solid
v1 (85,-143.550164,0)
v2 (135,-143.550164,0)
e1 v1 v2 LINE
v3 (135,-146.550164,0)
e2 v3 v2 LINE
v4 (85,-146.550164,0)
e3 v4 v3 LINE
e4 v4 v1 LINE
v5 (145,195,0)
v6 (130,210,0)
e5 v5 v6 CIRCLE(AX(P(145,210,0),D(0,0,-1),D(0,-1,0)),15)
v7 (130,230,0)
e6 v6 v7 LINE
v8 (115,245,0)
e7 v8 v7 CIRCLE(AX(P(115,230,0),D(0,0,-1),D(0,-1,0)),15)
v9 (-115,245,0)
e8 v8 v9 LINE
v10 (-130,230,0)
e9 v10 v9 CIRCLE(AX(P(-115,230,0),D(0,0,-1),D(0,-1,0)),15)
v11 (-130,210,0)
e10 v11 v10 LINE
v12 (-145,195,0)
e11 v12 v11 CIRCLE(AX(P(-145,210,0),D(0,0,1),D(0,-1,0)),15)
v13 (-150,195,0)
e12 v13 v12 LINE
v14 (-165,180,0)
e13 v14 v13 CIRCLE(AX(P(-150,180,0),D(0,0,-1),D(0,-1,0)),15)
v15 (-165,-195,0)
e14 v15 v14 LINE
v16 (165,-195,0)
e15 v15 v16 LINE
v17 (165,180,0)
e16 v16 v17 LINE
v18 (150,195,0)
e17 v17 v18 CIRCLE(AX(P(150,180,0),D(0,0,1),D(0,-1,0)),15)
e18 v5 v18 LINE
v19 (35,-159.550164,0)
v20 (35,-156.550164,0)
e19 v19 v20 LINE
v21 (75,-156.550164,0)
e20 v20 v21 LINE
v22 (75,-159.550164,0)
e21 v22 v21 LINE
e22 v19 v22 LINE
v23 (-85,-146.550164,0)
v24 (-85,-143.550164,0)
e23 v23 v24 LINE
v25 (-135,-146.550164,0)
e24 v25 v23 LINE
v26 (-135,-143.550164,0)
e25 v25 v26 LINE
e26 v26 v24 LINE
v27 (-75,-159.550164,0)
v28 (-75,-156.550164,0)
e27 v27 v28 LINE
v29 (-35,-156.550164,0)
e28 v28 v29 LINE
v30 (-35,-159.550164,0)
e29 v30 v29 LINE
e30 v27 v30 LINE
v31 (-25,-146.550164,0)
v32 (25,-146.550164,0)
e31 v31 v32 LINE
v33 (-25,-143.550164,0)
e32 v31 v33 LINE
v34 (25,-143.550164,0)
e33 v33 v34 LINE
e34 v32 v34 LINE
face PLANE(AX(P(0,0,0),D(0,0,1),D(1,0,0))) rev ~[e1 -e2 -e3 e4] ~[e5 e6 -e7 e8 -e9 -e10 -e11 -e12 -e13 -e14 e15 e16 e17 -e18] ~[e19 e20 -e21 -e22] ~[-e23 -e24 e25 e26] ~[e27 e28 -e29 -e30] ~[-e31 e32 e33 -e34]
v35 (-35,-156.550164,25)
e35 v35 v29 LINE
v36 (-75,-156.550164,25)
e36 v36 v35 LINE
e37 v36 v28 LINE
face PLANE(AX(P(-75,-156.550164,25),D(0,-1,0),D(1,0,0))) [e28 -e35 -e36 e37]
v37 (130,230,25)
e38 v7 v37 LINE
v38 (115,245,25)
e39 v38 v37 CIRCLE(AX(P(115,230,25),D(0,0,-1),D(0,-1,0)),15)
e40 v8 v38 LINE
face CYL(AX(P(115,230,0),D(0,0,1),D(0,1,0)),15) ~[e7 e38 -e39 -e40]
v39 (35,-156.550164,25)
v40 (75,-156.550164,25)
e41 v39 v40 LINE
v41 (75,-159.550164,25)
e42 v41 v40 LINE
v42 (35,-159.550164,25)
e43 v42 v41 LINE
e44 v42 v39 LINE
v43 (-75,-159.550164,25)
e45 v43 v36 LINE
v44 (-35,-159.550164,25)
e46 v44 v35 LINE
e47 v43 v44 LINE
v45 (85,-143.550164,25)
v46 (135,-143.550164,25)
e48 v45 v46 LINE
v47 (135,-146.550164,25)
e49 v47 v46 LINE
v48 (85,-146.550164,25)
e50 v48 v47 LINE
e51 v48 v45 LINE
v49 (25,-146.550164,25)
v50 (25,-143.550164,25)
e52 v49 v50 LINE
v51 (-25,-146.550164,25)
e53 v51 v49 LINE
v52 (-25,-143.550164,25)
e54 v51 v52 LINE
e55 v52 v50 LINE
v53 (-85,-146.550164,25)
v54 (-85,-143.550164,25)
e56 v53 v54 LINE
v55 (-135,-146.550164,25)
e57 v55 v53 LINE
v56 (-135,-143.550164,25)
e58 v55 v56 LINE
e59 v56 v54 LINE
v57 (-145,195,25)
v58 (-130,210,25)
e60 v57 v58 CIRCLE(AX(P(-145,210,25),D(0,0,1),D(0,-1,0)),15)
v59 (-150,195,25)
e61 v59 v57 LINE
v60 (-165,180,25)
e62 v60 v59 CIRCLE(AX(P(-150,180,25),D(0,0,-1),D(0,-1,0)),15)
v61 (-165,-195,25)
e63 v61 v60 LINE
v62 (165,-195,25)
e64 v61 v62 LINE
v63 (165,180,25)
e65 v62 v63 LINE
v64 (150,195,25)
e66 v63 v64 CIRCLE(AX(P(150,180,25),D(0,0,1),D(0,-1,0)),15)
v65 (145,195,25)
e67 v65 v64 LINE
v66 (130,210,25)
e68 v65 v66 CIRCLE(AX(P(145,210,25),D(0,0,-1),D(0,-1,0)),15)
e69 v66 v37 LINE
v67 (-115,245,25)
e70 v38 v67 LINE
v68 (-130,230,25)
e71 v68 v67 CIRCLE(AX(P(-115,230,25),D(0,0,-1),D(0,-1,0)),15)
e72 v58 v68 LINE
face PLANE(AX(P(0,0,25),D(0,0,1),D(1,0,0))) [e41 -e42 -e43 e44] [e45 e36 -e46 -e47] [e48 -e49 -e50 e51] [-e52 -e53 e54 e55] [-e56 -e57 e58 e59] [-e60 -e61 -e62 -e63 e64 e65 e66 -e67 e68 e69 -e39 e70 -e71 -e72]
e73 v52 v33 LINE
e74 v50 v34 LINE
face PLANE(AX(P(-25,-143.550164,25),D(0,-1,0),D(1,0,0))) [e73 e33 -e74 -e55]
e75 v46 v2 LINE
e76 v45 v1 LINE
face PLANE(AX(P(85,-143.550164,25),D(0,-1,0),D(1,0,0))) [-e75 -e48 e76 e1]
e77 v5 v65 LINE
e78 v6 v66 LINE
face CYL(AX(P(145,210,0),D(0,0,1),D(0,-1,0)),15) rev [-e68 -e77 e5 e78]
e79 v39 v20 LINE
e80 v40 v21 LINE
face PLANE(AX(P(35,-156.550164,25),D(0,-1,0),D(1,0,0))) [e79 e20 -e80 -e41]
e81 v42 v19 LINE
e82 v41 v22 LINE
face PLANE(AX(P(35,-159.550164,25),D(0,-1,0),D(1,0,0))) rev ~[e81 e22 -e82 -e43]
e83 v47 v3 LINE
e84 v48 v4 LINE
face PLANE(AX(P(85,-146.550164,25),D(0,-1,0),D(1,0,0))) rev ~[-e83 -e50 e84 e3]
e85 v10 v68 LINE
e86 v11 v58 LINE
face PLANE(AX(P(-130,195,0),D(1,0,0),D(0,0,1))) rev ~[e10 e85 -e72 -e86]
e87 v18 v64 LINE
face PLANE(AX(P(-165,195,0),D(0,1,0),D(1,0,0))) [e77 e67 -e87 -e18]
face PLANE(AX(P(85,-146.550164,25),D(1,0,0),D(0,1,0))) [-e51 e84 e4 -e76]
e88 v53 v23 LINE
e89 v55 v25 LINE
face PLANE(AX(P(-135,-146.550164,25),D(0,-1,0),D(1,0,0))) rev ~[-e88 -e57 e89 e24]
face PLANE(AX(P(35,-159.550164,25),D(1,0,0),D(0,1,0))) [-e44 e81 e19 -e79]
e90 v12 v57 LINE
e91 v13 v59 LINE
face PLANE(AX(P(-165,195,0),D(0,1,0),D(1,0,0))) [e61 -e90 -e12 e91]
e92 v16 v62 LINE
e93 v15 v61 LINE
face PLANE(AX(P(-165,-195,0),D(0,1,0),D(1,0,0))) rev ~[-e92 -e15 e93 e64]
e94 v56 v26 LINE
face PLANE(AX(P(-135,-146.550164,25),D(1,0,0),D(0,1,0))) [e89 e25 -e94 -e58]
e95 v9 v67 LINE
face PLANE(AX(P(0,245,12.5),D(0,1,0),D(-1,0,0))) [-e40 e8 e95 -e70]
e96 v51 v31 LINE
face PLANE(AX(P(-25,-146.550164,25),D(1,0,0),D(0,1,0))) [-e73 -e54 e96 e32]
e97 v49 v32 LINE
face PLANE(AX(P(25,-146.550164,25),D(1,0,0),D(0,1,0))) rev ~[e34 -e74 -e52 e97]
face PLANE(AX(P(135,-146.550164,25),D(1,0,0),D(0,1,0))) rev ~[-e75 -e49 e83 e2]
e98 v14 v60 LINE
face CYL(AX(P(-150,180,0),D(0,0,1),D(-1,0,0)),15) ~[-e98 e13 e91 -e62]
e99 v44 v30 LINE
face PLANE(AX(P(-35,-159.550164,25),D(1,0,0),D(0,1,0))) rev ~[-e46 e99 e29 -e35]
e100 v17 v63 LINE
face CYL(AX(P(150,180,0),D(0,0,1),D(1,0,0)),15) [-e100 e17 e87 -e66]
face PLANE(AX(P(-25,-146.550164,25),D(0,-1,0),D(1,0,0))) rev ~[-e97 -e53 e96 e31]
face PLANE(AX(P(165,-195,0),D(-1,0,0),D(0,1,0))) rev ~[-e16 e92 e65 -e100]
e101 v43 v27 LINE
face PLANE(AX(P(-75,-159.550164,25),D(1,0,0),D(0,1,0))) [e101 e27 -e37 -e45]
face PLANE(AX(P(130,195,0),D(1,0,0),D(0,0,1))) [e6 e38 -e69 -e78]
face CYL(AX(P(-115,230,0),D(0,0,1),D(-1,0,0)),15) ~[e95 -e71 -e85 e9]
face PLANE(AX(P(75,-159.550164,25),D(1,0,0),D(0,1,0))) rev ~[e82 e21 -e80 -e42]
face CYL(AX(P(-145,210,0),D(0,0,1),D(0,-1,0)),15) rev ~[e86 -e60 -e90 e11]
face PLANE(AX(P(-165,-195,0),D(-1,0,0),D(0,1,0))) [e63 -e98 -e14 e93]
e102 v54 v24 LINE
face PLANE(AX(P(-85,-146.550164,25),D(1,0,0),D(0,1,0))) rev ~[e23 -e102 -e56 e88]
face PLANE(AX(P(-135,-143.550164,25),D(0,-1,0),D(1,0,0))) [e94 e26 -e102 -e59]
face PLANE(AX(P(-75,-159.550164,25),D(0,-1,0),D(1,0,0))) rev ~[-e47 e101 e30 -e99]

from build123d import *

# Parameters (mm, degrees)
F0_W     = 330
F0_H     = 390
F1_DEPTH = 25
F2_W     = 260
F2_H     = 25
F3_DEPTH = 50
F4_R     = 15
F5_W     = 50
F5_H     = 3
F5_W_2   = 40
F6_DEPTH = 25


with BuildPart() as f1:
    # F0 (on Top) → F1 (new body)
    with BuildSketch(Plane.XY):
        Rectangle(F0_W, F0_H)
    extrude(amount=F1_DEPTH)

    # F2 (on face) → F3 (join)
    with BuildSketch(Plane(origin=(0, 195, 0), x_dir=(-1, 0, 0), z_dir=(0, 1, 0))):
        with Locations((0, 12.5)):
            Rectangle(F2_W, F2_H)
    extrude(amount=F3_DEPTH)

    # F4
    f4_edges = [f1.edges().sort_by_distance(p)[0] for p in [
        (-165, 195, 12.5),
        (-130, 245, 12.5),
        (130, 245, 12.5),
        (165, 195, 12.5),
        (-130, 195, 12.5),
        (130, 195, 12.5),
    ]]
    fillet(f4_edges, radius=F4_R)

    # F5 (on face) → F6 (cut)
    with BuildSketch(Plane.XY.offset(25)):
        with Locations((-110, -145.050164)):
            Rectangle(F5_W, F5_H)
        with Locations((0, -145.050164)):
            Rectangle(F5_W, F5_H)
        with Locations((110, -145.050164)):
            Rectangle(F5_W, F5_H)
        with Locations((-55, -158.050164)):
            Rectangle(F5_W_2, F5_H)
        with Locations((55, -158.050164)):
            Rectangle(F5_W_2, F5_H)
    extrude(amount=-F6_DEPTH, mode=Mode.SUBTRACT)


solid = f1.part
